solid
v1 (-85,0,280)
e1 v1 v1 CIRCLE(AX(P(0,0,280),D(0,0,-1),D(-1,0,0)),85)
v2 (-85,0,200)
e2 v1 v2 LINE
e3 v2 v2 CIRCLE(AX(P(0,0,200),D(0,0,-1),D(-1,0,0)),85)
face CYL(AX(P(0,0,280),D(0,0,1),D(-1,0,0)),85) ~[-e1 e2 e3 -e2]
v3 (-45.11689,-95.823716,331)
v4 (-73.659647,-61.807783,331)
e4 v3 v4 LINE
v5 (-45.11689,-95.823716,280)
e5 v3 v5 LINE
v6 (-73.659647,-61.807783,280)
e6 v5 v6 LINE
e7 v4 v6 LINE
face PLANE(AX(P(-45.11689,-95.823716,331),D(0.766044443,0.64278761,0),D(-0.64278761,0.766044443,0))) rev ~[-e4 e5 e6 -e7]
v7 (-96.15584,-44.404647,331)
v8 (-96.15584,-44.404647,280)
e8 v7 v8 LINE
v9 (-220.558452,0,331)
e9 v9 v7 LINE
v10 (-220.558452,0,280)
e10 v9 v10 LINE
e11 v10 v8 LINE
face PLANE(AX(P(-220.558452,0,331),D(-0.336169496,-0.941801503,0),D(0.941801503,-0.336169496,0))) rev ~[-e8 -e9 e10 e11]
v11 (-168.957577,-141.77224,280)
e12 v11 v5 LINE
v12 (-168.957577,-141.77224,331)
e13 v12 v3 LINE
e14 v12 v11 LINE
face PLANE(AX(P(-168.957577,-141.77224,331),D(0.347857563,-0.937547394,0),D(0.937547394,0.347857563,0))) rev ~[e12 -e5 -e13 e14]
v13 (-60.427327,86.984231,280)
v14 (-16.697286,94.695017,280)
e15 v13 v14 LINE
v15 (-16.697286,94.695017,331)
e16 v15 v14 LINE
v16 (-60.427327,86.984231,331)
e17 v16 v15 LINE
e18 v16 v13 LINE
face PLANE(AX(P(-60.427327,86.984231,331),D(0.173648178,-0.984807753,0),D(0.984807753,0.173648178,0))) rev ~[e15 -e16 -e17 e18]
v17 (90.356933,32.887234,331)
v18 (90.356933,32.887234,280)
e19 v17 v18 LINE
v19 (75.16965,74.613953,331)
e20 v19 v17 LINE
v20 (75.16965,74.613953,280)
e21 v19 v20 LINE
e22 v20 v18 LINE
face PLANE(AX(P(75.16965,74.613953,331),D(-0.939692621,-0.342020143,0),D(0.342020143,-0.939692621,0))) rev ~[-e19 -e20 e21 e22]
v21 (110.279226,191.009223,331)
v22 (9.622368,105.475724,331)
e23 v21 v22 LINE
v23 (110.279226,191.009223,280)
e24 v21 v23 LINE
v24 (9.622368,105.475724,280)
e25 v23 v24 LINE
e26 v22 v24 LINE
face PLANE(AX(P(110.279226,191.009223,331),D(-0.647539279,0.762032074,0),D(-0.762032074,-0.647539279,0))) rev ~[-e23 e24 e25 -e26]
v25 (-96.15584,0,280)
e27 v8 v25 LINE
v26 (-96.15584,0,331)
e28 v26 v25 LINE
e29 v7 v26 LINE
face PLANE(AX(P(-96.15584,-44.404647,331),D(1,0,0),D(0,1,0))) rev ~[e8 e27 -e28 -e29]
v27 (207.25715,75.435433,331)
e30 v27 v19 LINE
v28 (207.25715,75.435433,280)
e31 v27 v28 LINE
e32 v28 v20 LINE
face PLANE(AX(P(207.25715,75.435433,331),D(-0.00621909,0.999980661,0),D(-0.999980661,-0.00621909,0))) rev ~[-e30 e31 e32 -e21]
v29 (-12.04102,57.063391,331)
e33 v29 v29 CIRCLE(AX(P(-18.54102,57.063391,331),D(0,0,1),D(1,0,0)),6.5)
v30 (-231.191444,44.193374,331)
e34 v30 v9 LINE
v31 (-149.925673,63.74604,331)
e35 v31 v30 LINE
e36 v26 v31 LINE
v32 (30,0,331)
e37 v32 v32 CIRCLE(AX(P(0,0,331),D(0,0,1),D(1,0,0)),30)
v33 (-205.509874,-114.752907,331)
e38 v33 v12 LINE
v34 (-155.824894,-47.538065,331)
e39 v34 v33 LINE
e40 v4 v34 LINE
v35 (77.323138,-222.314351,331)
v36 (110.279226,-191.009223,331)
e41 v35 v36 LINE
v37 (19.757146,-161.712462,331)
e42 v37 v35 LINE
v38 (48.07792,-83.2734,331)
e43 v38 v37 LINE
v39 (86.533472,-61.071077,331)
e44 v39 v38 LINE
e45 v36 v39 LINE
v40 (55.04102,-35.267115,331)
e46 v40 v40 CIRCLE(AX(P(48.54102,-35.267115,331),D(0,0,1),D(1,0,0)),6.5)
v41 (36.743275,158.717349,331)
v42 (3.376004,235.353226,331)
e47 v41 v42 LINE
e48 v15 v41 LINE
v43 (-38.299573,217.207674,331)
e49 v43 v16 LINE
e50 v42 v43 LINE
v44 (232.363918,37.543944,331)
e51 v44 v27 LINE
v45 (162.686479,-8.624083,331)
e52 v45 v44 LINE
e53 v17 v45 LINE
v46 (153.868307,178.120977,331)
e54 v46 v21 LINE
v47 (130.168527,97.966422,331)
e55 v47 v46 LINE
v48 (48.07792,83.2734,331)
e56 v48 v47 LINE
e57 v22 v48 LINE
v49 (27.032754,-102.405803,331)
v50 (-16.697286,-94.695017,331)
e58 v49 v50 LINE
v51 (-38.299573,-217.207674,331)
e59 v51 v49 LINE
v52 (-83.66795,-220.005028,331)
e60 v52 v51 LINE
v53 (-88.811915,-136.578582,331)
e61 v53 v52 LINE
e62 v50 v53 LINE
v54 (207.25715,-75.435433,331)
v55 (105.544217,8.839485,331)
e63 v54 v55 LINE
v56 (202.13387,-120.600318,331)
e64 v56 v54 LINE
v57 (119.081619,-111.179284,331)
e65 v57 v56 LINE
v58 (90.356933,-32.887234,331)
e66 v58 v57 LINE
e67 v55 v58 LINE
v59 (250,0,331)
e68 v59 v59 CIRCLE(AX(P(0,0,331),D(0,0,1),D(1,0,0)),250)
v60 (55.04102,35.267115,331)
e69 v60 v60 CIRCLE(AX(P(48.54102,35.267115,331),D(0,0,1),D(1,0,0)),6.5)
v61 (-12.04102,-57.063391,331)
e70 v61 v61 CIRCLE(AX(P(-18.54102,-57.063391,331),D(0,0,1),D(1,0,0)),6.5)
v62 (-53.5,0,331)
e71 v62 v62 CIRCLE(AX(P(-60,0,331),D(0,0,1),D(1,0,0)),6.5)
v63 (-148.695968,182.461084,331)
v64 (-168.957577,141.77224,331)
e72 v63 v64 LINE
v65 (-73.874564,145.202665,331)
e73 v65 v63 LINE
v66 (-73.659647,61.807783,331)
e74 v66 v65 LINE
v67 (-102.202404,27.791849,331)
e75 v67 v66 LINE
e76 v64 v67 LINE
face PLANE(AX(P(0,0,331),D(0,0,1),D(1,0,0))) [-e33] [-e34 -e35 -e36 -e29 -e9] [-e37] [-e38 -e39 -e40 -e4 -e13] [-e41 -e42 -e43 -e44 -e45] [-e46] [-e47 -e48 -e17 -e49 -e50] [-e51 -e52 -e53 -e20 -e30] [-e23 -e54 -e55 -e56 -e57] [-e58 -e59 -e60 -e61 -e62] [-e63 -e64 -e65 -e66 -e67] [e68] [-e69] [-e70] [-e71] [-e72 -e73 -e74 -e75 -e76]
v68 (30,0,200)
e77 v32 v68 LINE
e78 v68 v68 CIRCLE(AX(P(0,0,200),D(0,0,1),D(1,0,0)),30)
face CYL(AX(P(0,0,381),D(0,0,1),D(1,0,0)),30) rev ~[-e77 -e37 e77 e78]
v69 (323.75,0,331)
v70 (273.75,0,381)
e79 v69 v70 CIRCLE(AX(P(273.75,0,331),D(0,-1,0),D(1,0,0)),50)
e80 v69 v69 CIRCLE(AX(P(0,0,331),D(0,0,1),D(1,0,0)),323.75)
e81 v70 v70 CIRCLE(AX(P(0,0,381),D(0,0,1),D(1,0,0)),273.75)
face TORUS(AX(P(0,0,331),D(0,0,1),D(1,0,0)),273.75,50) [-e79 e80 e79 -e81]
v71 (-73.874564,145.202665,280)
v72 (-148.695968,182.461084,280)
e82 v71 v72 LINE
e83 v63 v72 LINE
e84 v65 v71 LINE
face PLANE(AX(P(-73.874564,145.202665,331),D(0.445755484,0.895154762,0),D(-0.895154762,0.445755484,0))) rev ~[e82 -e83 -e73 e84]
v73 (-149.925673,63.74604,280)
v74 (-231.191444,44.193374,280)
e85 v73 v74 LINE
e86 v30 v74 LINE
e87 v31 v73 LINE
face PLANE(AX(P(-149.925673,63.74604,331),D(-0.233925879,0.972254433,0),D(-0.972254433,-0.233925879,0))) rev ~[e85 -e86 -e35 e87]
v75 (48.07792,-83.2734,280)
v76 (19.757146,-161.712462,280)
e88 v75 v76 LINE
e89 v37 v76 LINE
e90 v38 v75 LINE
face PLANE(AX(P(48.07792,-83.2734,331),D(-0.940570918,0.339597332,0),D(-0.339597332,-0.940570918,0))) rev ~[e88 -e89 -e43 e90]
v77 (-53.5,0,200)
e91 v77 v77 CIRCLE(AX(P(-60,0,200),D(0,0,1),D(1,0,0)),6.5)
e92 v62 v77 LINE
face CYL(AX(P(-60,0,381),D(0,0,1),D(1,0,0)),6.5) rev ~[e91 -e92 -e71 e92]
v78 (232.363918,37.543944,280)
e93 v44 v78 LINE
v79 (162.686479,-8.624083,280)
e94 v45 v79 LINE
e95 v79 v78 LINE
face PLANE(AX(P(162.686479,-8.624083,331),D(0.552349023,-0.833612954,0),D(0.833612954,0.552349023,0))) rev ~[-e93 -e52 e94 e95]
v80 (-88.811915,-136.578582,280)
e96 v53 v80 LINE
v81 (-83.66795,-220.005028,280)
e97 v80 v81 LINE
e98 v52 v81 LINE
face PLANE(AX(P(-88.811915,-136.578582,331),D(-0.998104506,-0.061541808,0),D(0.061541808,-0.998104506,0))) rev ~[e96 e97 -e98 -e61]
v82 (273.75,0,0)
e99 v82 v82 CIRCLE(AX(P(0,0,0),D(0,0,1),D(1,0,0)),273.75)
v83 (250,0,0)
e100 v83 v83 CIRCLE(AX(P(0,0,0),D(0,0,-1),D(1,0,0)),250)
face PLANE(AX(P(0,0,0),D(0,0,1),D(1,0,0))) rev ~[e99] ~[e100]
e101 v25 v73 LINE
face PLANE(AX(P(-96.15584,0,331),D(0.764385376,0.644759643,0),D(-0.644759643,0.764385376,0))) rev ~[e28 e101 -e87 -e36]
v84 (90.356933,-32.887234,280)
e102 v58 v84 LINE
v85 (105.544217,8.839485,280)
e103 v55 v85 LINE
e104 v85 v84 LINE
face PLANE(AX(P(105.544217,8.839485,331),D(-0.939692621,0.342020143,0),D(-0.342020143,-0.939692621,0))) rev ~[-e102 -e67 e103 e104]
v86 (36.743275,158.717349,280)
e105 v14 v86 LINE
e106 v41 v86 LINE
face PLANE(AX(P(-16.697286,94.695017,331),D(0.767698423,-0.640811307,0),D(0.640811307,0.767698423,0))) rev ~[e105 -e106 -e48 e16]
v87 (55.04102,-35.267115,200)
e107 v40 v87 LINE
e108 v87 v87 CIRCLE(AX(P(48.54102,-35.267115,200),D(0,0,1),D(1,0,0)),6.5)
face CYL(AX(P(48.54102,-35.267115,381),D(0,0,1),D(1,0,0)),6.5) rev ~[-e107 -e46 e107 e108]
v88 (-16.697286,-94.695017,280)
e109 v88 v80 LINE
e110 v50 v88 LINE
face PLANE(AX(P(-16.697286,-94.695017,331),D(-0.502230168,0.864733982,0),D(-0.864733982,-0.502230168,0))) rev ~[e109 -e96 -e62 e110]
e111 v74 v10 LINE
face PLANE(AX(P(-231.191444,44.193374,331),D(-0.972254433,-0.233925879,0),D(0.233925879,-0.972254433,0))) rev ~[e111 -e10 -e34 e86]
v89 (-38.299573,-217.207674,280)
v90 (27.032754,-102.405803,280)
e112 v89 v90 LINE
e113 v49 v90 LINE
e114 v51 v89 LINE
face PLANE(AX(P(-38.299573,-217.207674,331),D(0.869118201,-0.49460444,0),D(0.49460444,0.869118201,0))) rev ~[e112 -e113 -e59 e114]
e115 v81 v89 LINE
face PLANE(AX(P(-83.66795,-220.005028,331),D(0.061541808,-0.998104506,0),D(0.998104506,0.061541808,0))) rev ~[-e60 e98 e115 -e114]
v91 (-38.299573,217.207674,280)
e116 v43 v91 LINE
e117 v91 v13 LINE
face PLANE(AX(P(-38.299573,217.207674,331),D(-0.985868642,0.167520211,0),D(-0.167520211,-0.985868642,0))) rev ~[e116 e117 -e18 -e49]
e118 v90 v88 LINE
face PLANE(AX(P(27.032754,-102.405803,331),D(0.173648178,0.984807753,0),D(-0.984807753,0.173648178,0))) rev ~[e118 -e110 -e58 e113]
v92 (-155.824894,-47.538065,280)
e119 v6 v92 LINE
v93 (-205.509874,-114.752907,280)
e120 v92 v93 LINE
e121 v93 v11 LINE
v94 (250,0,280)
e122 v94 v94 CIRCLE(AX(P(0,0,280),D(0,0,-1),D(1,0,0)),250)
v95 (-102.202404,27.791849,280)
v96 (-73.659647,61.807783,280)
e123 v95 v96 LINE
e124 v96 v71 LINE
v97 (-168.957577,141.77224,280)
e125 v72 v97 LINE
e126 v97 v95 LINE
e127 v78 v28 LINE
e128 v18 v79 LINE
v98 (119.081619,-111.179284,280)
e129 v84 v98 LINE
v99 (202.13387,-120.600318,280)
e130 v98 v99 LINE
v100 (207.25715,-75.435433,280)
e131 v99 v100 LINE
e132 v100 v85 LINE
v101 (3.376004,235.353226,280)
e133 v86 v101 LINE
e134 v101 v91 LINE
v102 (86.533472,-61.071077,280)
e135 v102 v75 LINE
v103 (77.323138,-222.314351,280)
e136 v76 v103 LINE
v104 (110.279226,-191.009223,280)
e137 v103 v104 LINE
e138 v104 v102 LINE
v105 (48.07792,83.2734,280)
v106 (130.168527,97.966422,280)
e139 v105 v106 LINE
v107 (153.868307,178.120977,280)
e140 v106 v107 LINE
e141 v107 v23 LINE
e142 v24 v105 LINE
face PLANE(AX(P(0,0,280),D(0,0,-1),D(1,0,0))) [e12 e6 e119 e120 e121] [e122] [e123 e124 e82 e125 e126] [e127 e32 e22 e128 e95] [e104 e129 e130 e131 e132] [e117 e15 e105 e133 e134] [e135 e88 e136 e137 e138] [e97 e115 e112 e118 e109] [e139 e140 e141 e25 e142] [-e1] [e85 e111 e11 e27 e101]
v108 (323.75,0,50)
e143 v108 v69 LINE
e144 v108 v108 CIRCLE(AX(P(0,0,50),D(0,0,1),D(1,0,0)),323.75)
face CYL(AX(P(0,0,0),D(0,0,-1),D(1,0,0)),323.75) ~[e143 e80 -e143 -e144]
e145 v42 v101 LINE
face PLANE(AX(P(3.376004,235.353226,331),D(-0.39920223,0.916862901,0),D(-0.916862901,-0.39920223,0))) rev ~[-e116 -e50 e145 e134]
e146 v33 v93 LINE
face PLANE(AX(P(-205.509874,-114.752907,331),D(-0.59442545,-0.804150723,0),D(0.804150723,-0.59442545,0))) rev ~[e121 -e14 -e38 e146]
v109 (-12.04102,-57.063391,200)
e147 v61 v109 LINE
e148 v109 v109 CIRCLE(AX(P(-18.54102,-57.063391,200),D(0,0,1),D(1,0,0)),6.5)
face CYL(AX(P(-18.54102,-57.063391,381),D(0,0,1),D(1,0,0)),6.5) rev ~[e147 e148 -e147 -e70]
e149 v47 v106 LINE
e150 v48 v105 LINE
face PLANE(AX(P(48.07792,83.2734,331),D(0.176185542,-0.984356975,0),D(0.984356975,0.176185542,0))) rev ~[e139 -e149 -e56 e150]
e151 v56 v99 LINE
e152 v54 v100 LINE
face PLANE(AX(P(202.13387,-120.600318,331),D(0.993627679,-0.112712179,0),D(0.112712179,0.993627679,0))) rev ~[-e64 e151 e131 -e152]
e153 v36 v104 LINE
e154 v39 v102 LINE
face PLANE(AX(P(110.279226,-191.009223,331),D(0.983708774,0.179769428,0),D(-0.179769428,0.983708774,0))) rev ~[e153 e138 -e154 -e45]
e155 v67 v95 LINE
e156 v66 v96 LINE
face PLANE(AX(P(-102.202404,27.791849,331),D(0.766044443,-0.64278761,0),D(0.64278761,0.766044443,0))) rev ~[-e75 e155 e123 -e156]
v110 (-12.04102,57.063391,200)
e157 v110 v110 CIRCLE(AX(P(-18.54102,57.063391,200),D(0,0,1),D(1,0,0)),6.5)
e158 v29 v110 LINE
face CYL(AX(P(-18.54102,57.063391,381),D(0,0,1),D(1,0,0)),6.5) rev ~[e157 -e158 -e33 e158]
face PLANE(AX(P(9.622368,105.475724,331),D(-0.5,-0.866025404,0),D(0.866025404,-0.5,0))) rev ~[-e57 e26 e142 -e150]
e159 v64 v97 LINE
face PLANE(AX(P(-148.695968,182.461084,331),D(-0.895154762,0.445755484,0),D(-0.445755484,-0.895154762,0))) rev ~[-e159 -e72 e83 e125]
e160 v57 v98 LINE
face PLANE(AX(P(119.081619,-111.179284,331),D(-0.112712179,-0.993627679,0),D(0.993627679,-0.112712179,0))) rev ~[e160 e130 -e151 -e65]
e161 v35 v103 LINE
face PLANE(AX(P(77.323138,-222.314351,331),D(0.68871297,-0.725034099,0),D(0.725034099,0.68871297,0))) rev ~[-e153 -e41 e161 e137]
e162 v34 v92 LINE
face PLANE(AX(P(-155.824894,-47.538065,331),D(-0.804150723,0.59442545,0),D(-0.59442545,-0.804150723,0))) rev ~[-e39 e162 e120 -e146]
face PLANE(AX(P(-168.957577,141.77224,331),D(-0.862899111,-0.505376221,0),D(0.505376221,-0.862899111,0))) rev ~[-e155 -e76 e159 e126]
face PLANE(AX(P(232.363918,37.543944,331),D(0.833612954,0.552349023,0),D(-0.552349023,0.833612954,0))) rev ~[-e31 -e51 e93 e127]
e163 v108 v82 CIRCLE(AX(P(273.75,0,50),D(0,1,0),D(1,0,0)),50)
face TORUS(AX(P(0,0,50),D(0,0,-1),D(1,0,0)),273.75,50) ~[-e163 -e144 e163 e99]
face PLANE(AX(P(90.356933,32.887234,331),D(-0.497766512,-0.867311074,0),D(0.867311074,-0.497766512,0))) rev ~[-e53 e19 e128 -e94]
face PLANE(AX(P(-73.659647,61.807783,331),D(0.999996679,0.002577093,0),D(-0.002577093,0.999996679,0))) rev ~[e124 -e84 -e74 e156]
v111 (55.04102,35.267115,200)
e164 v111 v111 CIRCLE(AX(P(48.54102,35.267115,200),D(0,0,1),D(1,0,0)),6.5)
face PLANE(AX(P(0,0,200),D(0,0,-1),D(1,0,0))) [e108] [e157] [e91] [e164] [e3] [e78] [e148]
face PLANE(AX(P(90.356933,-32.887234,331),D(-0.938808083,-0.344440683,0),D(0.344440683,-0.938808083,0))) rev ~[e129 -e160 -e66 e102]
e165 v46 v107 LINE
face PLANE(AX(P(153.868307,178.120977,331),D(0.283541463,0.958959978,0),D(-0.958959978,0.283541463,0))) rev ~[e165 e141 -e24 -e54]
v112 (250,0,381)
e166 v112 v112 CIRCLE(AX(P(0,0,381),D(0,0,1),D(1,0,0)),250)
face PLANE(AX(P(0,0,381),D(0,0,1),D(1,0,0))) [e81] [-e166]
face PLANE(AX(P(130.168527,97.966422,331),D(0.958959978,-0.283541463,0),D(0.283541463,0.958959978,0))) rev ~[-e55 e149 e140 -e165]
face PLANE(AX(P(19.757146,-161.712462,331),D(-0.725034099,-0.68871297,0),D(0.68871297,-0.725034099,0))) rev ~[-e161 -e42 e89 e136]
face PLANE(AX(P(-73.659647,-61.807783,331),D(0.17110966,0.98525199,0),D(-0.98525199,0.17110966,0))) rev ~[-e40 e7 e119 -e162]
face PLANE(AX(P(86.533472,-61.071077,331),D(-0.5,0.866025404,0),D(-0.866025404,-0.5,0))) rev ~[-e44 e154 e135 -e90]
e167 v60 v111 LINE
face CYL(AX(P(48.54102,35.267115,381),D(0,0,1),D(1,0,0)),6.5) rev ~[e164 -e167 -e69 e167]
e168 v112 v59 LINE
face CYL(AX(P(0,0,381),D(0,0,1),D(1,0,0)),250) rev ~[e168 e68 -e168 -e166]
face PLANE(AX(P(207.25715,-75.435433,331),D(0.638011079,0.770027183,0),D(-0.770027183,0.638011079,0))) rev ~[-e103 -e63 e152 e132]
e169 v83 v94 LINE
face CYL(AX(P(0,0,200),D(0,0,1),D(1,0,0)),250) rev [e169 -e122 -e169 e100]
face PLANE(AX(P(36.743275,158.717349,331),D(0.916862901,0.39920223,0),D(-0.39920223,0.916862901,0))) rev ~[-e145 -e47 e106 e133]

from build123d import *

# Parameters (mm, degrees)
SZKIC1_R                    = 323.75
DODANIE_WYCI_GNI_CIE1_DEPTH = 381
ZAOKR_GLENIE1_R             = 50
SZKIC2_R                    = 6.5
SZKIC2_R_2                  = 30
WYTNIJ_WYCI_GNI_CIE1_DEPTH  = 596.641775734
SZKIC3_R                    = 250
WYTNIJ_WYCI_GNI_CIE2_DEPTH  = 50
WYTNIJ_WYCI_GNI_CIE3_START  = -200
SZKIC4_R                    = 250
WYTNIJ_WYCI_GNI_CIE3_DEPTH  = 200
WYTNIJ_WYCI_GNI_CIE4_DEPTH  = 200
WYTNIJ_WYCI_GNI_CIE5_START  = -80
SZKIC6_R                    = 250
SZKIC6_R_2                  = 85
WYTNIJ_WYCI_GNI_CIE5_DEPTH  = 80


with BuildPart() as part:
    # Szkic1 → Dodanie-wyciągnięcie1 (new body)
    with BuildSketch(Plane.XY):
        Circle(SZKIC1_R)
    extrude(amount=DODANIE_WYCI_GNI_CIE1_DEPTH)

    # Zaokrąglenie1
    zaokr_glenie1_edges = [part.edges().sort_by_distance(p)[0] for p in [
        (-323.75, 0, 0),
        (-323.75, 0, 381),
    ]]
    fillet(zaokr_glenie1_edges, radius=ZAOKR_GLENIE1_R)

    # Szkic2 → Wytnij-wyciągnięcie1 (cut, through all)
    with BuildSketch(Plane.XY.offset(381)):
        with Locations((-60, 0)):
            Circle(SZKIC2_R)
        with Locations((-18.541019662, 57.063390978)):
            Circle(SZKIC2_R)
        with Locations((48.541019662, 35.267115138)):
            Circle(SZKIC2_R)
        with Locations((48.541019662, -35.267115138)):
            Circle(SZKIC2_R)
        with Locations((-18.541019662, -57.063390978)):
            Circle(SZKIC2_R)
        Circle(SZKIC2_R_2)
    extrude(amount=-WYTNIJ_WYCI_GNI_CIE1_DEPTH, mode=Mode.SUBTRACT)

    # Szkic3 → Wytnij-wyciągnięcie2 (cut)
    with BuildSketch(Plane.XY.offset(381)):
        Circle(SZKIC3_R)
    extrude(amount=-WYTNIJ_WYCI_GNI_CIE2_DEPTH, mode=Mode.SUBTRACT)

    # Szkic4 → Wytnij-wyciągnięcie3 (cut)
    with BuildSketch(Plane(origin=(0, 0, 0), x_dir=(-1, 0, 0), z_dir=(0, 0, -1)).offset(WYTNIJ_WYCI_GNI_CIE3_START)):
        with Locations(Location((0, 0, 0), (0, 0, 180))):
            Circle(SZKIC4_R)
    extrude(amount=WYTNIJ_WYCI_GNI_CIE3_DEPTH, mode=Mode.SUBTRACT)

    # Szkic5 → Wytnij-wyciągnięcie4 (cut)
    with BuildSketch(Plane.XY.offset(331)):
        Polygon((-96.155840105, 0), (-149.925673453, 63.746040452), (-231.191444309, 44.19337378), (-220.558452121, 0), (-96.155840105, -44.404647078), align=None)
        Polygon((-102.20240394, 27.791849476), (-73.659646986, 61.807782618), (-73.87456406, 145.202665329), (-148.695968113, 182.461084274), (-168.95757663, 141.772240235), align=None)
        Polygon((-60.427327118, 86.984230788), (-16.697286406, 94.695016833), (36.743274881, 158.71734935), (3.376004134, 235.353225607), (-38.29957328, 217.207673641), align=None)
        Polygon((9.622367637, 105.475723792), (48.077920052, 83.273400253), (130.168527149, 97.966421664), (153.868306527, 178.120977019), (110.279226061, 191.009222556), align=None)
        Polygon((75.169649634, 74.613953402), (90.356933392, 32.887234214), (162.686478902, -8.624083495), (232.36391824, 37.543943689), (207.25714991, 75.435433406), align=None)
        Polygon((105.54421715, 8.839484973), (90.356933392, -32.887234214), (119.081619118, -111.17928414), (202.133870171, -120.600318147), (207.25714991, -75.435433406), align=None)
        Polygon((86.533472468, -61.071076714), (48.077920052, -83.273400253), (19.757146304, -161.712462116), (77.323137782, -222.314350799), (110.279226061, -191.009222556), align=None)
        Polygon((27.032754306, -102.405802878), (-16.697286406, -94.695016833), (-88.811914842, -136.578581834), (-83.667950127, -220.005027963), (-38.29957328, -217.207673641), align=None)
        Polygon((-45.116890032, -95.823715761), (-73.659646986, -61.807782618), (-155.824893999, -47.53806521), (-205.509874305, -114.75290746), (-168.95757663, -141.772240235), align=None)
    extrude(amount=-WYTNIJ_WYCI_GNI_CIE4_DEPTH, mode=Mode.SUBTRACT)

    # Szkic6 → Wytnij-wyciągnięcie5 (cut)
    with BuildSketch(Plane(origin=(0, 0, 200), x_dir=(-1, 0, 0), z_dir=(0, 0, -1)).offset(WYTNIJ_WYCI_GNI_CIE5_START)):
        with Locations(Location((0, 0, 0), (0, 0, 180))):
            Circle(SZKIC6_R)
        Circle(SZKIC6_R_2, mode=Mode.SUBTRACT)
    extrude(amount=WYTNIJ_WYCI_GNI_CIE5_DEPTH, mode=Mode.SUBTRACT)


solid = part.part
